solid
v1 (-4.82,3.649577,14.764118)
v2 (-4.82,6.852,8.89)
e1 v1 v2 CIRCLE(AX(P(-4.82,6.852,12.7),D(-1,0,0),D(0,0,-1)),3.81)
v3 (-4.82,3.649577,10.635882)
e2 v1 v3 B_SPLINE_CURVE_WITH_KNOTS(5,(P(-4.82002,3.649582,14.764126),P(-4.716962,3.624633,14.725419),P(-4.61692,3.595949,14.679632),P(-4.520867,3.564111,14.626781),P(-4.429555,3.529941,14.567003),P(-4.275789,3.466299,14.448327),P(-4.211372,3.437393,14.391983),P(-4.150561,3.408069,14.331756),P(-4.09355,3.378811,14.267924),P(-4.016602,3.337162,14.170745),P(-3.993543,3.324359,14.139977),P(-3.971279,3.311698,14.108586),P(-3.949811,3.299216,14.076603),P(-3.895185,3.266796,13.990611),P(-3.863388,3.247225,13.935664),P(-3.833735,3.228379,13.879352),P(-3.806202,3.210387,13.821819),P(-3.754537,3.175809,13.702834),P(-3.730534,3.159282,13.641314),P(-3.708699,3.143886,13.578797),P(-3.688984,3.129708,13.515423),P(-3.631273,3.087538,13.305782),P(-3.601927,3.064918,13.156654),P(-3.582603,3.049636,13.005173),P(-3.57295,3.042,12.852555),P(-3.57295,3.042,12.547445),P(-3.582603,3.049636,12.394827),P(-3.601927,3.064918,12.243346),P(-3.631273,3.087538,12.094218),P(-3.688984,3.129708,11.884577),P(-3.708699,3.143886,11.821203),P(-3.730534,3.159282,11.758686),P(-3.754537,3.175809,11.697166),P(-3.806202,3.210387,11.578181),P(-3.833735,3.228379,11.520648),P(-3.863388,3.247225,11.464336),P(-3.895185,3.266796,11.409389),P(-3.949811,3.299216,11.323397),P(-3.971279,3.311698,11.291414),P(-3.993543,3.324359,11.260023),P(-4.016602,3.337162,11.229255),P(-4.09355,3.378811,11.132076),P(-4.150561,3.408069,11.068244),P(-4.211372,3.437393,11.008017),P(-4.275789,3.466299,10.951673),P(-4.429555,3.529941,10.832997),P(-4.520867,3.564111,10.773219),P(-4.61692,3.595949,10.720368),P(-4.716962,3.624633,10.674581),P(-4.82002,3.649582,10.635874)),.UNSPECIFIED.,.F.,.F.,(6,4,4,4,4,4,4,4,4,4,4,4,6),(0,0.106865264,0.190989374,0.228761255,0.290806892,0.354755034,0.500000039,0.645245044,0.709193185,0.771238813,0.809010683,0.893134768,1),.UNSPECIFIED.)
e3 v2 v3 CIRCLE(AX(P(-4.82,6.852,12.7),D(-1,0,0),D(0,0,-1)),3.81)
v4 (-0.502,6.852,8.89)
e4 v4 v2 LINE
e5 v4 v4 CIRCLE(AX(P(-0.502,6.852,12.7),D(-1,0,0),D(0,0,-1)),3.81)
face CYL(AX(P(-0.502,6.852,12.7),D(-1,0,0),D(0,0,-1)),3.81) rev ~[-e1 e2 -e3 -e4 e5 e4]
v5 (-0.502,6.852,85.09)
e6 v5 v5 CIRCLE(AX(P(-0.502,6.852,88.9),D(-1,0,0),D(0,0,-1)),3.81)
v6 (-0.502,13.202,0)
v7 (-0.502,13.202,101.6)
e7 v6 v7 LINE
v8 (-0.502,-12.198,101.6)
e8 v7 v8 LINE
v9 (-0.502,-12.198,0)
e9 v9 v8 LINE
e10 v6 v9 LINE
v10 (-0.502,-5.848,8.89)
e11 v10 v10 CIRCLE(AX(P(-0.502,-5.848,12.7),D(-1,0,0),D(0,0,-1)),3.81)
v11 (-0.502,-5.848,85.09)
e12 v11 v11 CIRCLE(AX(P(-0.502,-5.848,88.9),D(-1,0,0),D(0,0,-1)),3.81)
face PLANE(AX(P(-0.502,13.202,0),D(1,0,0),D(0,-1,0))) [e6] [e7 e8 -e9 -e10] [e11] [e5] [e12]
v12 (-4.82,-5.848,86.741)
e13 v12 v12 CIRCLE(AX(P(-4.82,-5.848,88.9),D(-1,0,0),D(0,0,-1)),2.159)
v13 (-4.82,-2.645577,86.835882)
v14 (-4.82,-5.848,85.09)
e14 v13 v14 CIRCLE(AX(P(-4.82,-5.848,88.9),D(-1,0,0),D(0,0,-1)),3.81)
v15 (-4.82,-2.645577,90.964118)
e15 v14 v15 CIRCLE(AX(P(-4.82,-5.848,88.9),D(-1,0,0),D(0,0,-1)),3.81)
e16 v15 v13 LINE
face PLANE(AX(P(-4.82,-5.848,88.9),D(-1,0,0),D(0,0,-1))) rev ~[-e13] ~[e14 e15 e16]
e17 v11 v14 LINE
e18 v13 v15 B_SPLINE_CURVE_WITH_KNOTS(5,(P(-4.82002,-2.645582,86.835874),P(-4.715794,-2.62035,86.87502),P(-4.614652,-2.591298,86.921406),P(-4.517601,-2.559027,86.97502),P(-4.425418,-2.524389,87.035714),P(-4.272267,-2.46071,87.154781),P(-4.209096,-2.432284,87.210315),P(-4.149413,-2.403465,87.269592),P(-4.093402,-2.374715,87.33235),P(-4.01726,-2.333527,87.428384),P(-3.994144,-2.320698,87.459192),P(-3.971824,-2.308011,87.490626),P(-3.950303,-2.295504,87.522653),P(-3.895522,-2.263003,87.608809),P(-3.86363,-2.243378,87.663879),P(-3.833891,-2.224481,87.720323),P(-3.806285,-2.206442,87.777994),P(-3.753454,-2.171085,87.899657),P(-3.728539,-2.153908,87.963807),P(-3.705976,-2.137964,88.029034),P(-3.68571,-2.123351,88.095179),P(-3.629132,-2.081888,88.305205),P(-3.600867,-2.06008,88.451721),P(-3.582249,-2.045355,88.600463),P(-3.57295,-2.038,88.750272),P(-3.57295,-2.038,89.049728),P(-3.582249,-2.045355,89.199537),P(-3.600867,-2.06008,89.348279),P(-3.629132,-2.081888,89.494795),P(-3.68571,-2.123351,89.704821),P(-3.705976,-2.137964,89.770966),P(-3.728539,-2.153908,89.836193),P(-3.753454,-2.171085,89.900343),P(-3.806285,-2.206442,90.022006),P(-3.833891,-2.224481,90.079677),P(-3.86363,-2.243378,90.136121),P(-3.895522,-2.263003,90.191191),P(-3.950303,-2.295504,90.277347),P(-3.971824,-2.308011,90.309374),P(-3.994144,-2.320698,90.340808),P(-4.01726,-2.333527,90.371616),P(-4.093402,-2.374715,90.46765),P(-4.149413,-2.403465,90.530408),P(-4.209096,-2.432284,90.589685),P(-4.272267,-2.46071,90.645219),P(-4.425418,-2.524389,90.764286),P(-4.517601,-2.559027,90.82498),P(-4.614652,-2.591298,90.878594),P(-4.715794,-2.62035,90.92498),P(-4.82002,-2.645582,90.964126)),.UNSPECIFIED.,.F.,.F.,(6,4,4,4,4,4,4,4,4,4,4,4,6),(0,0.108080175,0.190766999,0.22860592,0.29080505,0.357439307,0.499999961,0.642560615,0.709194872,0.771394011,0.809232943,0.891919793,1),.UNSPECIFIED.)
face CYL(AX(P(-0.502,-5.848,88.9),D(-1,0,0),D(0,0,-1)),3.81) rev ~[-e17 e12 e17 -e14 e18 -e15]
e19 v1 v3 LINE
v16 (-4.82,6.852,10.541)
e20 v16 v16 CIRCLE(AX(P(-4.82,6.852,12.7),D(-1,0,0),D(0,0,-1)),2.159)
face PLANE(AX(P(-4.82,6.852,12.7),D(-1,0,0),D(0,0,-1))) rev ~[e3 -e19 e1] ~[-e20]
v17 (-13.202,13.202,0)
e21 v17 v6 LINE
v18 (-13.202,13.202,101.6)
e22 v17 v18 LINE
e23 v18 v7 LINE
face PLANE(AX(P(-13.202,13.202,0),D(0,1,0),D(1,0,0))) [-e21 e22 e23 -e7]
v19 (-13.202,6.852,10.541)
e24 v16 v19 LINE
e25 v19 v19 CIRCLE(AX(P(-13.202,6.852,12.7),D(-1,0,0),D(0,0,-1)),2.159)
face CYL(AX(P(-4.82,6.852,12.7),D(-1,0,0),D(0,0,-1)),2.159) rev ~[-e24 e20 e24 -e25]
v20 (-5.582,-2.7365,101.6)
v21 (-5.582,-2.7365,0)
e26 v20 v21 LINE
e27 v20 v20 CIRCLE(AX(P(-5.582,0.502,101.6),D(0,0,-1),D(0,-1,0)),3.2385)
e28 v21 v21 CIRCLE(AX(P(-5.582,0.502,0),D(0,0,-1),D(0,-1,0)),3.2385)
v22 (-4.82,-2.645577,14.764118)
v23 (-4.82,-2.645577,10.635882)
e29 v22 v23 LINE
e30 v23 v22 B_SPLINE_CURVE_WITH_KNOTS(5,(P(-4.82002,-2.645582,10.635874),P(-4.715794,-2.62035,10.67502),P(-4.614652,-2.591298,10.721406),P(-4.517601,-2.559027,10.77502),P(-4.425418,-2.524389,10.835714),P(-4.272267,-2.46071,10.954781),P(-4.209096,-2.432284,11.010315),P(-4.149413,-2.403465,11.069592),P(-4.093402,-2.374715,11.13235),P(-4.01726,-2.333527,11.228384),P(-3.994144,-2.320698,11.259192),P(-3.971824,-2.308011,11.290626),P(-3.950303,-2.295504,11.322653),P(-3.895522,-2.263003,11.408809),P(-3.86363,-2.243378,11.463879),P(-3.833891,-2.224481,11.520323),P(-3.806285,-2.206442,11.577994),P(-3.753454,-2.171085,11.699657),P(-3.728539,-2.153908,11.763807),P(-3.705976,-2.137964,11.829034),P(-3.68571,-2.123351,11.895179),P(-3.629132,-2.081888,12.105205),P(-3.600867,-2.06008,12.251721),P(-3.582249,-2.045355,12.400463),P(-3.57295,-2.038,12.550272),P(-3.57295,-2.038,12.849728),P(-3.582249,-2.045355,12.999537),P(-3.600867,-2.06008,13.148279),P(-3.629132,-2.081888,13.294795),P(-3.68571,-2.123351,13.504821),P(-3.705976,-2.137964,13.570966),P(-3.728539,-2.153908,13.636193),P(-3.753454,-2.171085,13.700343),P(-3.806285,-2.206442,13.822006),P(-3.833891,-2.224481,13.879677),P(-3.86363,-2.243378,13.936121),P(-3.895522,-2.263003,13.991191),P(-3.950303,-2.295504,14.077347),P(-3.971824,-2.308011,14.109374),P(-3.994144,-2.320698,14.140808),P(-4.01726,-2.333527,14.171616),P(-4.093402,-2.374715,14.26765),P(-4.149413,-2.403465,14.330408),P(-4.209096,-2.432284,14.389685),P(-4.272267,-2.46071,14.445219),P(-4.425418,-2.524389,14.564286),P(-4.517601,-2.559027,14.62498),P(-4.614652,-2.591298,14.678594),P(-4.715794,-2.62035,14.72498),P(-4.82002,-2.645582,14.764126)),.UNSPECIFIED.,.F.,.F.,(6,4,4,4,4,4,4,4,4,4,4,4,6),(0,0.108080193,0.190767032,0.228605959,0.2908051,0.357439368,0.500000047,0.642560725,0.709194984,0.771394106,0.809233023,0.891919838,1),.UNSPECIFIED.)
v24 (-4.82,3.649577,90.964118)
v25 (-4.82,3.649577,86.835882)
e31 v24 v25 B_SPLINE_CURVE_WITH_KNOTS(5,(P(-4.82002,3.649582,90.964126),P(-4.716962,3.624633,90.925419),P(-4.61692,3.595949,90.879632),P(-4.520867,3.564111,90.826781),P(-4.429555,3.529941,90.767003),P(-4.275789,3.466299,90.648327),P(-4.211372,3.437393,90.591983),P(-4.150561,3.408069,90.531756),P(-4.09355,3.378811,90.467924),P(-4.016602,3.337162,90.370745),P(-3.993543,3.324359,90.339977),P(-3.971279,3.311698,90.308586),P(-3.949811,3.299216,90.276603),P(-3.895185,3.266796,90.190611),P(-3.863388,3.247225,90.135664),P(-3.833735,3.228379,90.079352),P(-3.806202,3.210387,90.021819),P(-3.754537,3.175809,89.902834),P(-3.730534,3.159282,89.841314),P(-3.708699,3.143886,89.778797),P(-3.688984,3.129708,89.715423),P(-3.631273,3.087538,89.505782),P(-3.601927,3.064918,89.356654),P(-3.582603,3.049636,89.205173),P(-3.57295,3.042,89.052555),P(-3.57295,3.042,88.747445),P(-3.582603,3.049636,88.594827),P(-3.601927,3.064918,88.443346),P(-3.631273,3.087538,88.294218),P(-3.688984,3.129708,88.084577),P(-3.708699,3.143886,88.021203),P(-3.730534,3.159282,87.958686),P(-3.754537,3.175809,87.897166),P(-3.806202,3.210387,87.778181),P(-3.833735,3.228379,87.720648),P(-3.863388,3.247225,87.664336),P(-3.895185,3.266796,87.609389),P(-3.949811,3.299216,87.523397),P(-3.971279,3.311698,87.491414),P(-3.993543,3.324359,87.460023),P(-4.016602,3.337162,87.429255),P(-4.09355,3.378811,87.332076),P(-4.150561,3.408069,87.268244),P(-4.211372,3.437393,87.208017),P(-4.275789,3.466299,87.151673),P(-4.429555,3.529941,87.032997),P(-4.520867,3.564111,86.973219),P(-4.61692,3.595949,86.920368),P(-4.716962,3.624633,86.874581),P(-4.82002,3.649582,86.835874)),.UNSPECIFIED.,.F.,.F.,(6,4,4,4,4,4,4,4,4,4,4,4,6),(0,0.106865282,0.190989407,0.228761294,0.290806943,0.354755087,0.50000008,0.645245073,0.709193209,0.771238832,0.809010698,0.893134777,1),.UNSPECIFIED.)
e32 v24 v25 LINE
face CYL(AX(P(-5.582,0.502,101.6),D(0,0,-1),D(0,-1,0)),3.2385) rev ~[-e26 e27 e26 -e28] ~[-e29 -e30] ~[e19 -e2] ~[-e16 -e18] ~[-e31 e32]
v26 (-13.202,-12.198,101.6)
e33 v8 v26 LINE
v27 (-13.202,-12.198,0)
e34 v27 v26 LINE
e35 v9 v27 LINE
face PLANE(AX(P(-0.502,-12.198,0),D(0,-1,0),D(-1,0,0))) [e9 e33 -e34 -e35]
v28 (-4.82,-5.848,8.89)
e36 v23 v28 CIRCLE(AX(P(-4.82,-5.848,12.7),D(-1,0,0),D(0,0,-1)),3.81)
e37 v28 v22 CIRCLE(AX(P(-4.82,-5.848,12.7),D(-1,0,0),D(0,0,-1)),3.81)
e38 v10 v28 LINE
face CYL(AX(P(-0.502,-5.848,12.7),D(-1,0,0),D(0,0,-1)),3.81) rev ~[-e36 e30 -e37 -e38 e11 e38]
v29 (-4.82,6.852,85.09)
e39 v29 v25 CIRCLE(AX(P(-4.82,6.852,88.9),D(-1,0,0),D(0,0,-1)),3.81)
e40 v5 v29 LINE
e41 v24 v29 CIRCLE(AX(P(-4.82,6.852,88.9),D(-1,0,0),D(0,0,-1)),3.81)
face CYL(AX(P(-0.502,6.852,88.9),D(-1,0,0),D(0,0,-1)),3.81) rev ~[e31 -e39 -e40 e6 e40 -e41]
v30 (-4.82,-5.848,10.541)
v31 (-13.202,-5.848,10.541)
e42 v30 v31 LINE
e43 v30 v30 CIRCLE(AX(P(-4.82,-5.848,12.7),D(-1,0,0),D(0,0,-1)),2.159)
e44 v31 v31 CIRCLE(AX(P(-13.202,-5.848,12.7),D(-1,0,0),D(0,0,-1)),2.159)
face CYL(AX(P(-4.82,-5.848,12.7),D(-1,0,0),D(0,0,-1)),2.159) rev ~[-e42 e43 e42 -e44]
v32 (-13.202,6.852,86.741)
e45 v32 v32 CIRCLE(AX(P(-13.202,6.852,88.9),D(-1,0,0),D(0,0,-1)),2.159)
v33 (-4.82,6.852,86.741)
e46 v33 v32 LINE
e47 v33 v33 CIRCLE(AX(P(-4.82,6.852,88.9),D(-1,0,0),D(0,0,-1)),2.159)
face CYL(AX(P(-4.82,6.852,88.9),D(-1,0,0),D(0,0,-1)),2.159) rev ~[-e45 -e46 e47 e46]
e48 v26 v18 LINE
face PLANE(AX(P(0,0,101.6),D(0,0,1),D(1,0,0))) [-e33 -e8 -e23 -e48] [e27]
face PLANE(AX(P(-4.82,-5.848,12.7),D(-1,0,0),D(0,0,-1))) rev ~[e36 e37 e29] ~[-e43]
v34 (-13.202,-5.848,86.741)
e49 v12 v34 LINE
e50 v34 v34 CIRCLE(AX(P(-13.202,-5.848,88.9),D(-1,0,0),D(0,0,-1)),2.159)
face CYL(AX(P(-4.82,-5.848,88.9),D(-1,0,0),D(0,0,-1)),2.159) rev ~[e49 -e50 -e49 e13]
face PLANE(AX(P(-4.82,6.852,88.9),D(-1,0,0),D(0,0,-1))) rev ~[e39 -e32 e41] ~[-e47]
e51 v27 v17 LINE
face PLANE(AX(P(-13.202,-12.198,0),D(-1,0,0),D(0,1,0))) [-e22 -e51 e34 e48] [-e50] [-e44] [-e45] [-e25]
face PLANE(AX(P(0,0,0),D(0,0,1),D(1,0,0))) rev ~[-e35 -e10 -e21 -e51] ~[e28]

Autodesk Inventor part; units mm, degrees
ref_plane "YZ Plane" through (0, 0, 0) normal (1, 0, 0) x (0, 1, 0)
ref_plane "XZ Plane" through (0, 0, 0) normal (0, 1, 0) x (-1, 0, 0)
ref_plane "XY Plane" through (0, 0, 0) normal (0, 0, 1) x (1, 0, 0)
sketch "Sketch1" plane through (0, 0, 0) normal (0, 0, 1) x (1, 0, 0)
  line L0 (-13.202, 13.202) -> (-0.502, 13.202)
  line L1 (-0.502, 13.202) -> (-0.502, -12.198)
  line L2 (-0.502, -12.198) -> (-13.202, -12.198)
  line L3 (-13.202, -12.198) -> (-13.202, 13.202)
  point P0 (0, 0)
  dimension "d0" = 12.7
  dimension "d1" = 25.4
extrude "Extrusion1" add sketch "Sketch1" along normal blind 101.6
sketch "Sketch6" plane through (-0.502, 13.202, 101.6) normal (1, 0, 0) x (0, 0, -1)
  line L0 (101.6, 0) -> (101.6, -25.4) projected
  line L1 (101.6, -25.4) -> (0, -25.4) projected
  line L2 (101.6, 0) -> (101.6, -25.4) projected
  line L3 (101.6, 0) -> (0, 0) projected
  line L4 (0, -25.4) -> (0, 0) projected
  line L5 (0, -25.4) -> (0, 0) projected
  point P0 (101.6, -13.202)
  point P1 (88.9, -6.35)
  point P2 (88.9, -19.05)
  point P3 (101.6, -19.05)
  point P4 (101.6, -6.35)
  point P5 (12.7, -6.35)
  point P6 (12.7, -19.05)
  point P7 (0, -19.05)
  point P8 (0, -6.35)
  dimension "d51" = 12.7
  dimension "d52" = 6.35
  dimension "d53" = 12.7
  dimension "d54" = 6.35
  dimension "d55" = 12.7
  dimension "d56" = 6.35
  dimension "d57" = 12.7
  dimension "d58" = 6.35
sketch "Sketch8" plane through (0, 0, 101.6) normal (0, 0, 1) x (1, 0, 0)
  line L0 (-13.202, 13.202) -> (-13.202, -12.198) projected
  line L1 (-13.202, -12.198) -> (-0.502, -12.198) projected
  point P0 (0, 0)
  point P1 (-5.582, 0.502)
  dimension "d82" = 7.62
  dimension "d84" = 12.7
hole "Hole4" at (-5.582, 0.502, 101.6) direction (0, 0, -1) diameter 6.477 end through all
hole "Hole5" at (-0.502, 6.852, 12.7) at (-0.502, -5.848, 12.7) at (-0.502, 6.852, 88.9) at (-0.502, -5.848, 88.9) direction (-1, 0, 0) diameter 4.318 end through all counterbore diameter 7.62 counterbore depth 4.318
properties part number "BottomOfElevatorFrameTop"
